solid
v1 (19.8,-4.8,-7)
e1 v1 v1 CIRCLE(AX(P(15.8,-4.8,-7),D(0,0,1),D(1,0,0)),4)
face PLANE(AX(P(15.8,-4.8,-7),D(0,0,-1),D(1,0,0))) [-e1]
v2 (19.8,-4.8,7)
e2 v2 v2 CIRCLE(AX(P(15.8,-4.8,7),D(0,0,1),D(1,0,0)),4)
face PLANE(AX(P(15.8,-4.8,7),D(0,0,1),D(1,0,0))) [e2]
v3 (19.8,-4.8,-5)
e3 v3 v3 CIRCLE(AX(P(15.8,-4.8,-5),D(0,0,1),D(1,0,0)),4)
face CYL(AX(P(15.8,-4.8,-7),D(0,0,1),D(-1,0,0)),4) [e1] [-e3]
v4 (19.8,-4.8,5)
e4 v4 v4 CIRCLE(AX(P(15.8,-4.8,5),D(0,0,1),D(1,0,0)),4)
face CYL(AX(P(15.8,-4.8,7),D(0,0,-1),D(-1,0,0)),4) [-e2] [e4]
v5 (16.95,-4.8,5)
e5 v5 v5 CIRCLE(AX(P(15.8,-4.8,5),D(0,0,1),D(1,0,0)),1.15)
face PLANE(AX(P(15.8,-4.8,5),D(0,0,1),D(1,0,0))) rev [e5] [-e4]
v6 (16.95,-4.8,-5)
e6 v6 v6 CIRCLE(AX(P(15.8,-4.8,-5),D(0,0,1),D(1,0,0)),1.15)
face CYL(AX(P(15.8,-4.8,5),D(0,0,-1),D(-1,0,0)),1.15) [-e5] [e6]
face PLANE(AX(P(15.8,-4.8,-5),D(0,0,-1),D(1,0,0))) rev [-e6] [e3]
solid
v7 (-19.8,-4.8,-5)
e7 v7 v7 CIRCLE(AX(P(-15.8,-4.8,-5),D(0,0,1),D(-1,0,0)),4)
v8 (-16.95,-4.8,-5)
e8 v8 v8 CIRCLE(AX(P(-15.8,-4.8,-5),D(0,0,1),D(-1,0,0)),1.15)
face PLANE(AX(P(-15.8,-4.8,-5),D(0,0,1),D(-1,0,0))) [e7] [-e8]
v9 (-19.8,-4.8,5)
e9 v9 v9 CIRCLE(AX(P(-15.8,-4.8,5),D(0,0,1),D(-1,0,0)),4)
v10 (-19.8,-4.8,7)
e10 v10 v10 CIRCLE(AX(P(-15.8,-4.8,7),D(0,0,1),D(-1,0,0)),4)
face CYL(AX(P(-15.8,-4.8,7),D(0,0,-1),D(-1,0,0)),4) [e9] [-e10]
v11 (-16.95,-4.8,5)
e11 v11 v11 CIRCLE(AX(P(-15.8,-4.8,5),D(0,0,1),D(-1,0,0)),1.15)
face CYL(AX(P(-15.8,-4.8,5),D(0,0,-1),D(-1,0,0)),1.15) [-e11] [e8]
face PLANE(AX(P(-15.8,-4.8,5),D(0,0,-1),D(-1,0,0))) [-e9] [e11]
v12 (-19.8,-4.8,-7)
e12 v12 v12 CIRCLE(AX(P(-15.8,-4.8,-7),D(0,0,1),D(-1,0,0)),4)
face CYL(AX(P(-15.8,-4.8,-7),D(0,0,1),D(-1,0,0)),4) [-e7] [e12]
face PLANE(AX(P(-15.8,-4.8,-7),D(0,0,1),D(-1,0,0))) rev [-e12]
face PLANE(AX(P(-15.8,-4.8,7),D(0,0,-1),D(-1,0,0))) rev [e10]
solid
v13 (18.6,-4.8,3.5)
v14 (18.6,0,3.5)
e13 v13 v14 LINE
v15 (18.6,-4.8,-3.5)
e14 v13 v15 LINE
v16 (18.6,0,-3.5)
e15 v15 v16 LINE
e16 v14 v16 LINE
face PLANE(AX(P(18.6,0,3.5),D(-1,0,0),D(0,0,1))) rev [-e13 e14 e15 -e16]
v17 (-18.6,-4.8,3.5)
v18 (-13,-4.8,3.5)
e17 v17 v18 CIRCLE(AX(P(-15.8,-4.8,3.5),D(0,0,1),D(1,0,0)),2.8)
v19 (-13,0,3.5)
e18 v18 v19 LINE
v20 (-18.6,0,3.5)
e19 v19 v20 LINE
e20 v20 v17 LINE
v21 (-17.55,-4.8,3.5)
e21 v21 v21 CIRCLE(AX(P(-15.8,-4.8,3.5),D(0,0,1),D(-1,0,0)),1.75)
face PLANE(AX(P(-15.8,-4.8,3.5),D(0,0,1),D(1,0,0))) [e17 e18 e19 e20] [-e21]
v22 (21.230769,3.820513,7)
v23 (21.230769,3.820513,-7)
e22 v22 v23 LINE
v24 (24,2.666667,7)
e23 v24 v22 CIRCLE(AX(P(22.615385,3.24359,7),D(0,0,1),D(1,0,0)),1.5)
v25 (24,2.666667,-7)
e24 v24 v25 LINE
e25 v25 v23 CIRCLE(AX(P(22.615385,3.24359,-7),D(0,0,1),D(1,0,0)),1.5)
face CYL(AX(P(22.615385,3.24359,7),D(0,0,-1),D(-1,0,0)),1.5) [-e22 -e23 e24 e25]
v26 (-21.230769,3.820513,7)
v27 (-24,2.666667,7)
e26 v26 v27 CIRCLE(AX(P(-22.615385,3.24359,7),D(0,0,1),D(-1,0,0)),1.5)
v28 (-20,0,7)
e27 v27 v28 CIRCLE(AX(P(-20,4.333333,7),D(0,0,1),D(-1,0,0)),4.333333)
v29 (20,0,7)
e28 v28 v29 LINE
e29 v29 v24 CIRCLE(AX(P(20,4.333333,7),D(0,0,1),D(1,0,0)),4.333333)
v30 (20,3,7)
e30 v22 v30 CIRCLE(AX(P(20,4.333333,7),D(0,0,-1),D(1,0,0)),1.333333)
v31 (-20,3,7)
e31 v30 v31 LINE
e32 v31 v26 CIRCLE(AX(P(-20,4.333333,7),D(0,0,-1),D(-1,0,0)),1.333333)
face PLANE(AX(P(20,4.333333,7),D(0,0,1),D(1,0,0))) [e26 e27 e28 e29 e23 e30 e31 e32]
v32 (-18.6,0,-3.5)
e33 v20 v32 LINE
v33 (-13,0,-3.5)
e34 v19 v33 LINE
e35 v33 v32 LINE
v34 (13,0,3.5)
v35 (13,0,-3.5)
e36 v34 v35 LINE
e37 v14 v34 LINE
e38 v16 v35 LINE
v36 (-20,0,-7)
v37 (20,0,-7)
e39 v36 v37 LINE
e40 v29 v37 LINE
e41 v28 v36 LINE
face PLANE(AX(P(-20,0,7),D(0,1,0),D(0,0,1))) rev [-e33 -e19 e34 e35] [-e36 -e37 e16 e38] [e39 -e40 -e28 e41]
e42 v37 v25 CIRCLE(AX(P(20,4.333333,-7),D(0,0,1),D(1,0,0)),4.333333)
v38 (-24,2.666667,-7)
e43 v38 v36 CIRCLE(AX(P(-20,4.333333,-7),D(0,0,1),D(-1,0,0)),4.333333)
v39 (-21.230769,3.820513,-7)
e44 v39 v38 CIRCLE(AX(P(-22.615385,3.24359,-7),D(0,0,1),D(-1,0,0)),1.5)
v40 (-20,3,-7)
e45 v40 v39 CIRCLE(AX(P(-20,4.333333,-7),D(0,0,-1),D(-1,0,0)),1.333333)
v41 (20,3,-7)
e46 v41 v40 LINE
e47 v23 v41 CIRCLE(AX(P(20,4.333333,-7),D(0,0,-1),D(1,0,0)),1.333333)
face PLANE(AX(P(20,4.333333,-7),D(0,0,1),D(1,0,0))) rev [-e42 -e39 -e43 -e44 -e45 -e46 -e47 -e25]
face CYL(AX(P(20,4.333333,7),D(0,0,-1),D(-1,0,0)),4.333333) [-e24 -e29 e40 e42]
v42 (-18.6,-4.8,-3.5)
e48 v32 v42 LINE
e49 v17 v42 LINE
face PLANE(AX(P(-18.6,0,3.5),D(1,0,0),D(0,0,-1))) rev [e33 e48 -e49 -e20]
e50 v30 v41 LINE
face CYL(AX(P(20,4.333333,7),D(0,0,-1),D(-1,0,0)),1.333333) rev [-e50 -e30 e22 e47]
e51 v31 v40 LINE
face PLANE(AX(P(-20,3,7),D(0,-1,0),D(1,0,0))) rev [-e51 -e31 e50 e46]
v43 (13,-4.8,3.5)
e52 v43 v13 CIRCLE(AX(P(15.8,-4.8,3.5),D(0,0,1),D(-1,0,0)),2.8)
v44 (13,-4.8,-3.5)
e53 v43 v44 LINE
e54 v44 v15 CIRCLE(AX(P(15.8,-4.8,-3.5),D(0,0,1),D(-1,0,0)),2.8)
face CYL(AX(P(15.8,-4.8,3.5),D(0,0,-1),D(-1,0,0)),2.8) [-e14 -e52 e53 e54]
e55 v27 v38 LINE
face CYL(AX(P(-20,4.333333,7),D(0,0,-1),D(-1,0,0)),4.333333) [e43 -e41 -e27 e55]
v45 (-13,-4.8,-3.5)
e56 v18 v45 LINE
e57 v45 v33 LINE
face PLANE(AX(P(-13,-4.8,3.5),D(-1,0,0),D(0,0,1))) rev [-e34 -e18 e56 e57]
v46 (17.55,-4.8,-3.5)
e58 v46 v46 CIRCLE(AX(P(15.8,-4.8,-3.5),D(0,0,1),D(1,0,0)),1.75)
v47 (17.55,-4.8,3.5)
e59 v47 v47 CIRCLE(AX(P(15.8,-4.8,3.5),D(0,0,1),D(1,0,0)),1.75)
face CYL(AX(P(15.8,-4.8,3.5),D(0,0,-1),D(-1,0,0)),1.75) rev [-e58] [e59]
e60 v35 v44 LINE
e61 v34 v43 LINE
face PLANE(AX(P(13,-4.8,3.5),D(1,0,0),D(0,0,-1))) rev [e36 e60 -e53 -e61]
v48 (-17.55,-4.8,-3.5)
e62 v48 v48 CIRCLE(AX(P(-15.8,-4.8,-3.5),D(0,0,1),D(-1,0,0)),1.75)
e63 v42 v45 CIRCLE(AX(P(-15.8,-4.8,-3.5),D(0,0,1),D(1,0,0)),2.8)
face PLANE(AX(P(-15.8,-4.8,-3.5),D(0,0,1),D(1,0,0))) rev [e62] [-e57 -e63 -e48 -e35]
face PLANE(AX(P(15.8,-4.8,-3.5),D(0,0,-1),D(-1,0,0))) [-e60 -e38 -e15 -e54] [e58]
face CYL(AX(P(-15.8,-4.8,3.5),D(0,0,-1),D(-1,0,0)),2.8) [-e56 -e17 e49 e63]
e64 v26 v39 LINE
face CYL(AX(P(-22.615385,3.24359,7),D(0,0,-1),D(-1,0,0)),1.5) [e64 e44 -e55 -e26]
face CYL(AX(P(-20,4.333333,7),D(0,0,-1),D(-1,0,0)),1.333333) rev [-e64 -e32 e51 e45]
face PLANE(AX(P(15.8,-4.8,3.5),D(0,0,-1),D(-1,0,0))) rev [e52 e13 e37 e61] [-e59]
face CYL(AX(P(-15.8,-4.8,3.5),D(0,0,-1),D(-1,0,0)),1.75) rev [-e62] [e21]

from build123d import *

# Parameters (mm, degrees)
BOSS_EXTRUDE1_DEPTH   = 7
SKETCH2_R             = 1.75
BOSS_EXTRUDE2_DEPTH   = 3.5
SKETCH3_R             = 1.15
BOSS_EXTRUDE3_DEPTH   = 5
BOSS_EXTRUDE3_2_DEPTH = 5
SKETCH4_R             = 4
BOSS_EXTRUDE4_DEPTH   = 2


with BuildPart() as part:
    # Sketch1 → Boss-Extrude1 (new body, symmetric)
    with BuildSketch(Plane.XY):
        with BuildLine():
            Line((-20, 0), (20, 0))
            ThreePointArc((20, 0), (22.40370085, 0.727782058), (24, 2.666666667))
            ThreePointArc((24, 2.666666667), (23.192307692, 4.628205128), (21.230769231, 3.820512821))
            ThreePointArc((21.230769231, 3.820512821), (20.739600262, 3.223932941), (20, 3))
            Line((20, 3), (-20, 3))
            ThreePointArc((-20, 3), (-20.739600262, 3.223932941), (-21.230769231, 3.820512821))
            ThreePointArc((-21.230769231, 3.820512821), (-23.192307692, 4.628205128), (-24, 2.666666667))
            ThreePointArc((-24, 2.666666667), (-22.40370085, 0.727782058), (-20, 0))
        make_face()
    extrude(amount=BOSS_EXTRUDE1_DEPTH, both=True)

    # Sketch2 → Boss-Extrude2 (add, symmetric)
    with BuildSketch(Plane.XY):
        with BuildLine():
            Line((18.6, 0), (18.6, -4.8))
            ThreePointArc((18.6, -4.8), (15.8, -7.6), (13, -4.8))
            Line((13, -4.8), (13, 0))
            Line((13, 0), (18.6, 0))
        make_face()
        with Locations((15.8, -4.8)):
            Circle(SKETCH2_R, mode=Mode.SUBTRACT)
        with BuildLine():
            Line((-13, 0), (-18.6, 0))
            Line((-18.6, 0), (-18.6, -4.8))
            ThreePointArc((-18.6, -4.8), (-15.8, -7.6), (-13, -4.8))
            Line((-13, -4.8), (-13, 0))
        make_face()
        with Locations(Location((-15.8, -4.8, 0), (0, 0, 180))):  # turned: the seam where the file's is
            Circle(SKETCH2_R, mode=Mode.SUBTRACT)
    extrude(amount=BOSS_EXTRUDE2_DEPTH, both=True)


with BuildPart() as body_2:
    # Sketch3 → Boss-Extrude3 (new body, symmetric)
    with BuildSketch(Plane.XY):
        with Locations((15.8, -4.8)):
            Circle(SKETCH3_R)
    extrude(amount=BOSS_EXTRUDE3_DEPTH, both=True)



with BuildPart() as body_3:
    # Sketch3 → Boss-Extrude3 2 (new body, symmetric)
    with BuildSketch(Plane.XY):
        with Locations(Location((-15.8, -4.8, 0), (0, 0, 180))):  # turned: the seam where the file's is
            Circle(SKETCH3_R)
    extrude(amount=BOSS_EXTRUDE3_2_DEPTH, both=True)


with BuildPart() as body_2_1:
    add(body_2.part)

    add(body_3.part)  # Boss-Extrude4 merges body 3
    # Sketch4 → Boss-Extrude4 (add)
    with BuildSketch(Plane.XY.offset(5)):
        with Locations((15.8, -4.8)):
            Circle(SKETCH4_R)
        with Locations(Location((-15.8, -4.8, 0), (0, 0, 180))):  # turned: the seam where the file's is
            Circle(SKETCH4_R)
    boss_extrude4 = extrude(amount=BOSS_EXTRUDE4_DEPTH)

    # Mirror1: Boss-Extrude4 across plane
    add(boss_extrude4.mirror(Plane.XY))


solid = Compound([part.part, body_2_1.part])
